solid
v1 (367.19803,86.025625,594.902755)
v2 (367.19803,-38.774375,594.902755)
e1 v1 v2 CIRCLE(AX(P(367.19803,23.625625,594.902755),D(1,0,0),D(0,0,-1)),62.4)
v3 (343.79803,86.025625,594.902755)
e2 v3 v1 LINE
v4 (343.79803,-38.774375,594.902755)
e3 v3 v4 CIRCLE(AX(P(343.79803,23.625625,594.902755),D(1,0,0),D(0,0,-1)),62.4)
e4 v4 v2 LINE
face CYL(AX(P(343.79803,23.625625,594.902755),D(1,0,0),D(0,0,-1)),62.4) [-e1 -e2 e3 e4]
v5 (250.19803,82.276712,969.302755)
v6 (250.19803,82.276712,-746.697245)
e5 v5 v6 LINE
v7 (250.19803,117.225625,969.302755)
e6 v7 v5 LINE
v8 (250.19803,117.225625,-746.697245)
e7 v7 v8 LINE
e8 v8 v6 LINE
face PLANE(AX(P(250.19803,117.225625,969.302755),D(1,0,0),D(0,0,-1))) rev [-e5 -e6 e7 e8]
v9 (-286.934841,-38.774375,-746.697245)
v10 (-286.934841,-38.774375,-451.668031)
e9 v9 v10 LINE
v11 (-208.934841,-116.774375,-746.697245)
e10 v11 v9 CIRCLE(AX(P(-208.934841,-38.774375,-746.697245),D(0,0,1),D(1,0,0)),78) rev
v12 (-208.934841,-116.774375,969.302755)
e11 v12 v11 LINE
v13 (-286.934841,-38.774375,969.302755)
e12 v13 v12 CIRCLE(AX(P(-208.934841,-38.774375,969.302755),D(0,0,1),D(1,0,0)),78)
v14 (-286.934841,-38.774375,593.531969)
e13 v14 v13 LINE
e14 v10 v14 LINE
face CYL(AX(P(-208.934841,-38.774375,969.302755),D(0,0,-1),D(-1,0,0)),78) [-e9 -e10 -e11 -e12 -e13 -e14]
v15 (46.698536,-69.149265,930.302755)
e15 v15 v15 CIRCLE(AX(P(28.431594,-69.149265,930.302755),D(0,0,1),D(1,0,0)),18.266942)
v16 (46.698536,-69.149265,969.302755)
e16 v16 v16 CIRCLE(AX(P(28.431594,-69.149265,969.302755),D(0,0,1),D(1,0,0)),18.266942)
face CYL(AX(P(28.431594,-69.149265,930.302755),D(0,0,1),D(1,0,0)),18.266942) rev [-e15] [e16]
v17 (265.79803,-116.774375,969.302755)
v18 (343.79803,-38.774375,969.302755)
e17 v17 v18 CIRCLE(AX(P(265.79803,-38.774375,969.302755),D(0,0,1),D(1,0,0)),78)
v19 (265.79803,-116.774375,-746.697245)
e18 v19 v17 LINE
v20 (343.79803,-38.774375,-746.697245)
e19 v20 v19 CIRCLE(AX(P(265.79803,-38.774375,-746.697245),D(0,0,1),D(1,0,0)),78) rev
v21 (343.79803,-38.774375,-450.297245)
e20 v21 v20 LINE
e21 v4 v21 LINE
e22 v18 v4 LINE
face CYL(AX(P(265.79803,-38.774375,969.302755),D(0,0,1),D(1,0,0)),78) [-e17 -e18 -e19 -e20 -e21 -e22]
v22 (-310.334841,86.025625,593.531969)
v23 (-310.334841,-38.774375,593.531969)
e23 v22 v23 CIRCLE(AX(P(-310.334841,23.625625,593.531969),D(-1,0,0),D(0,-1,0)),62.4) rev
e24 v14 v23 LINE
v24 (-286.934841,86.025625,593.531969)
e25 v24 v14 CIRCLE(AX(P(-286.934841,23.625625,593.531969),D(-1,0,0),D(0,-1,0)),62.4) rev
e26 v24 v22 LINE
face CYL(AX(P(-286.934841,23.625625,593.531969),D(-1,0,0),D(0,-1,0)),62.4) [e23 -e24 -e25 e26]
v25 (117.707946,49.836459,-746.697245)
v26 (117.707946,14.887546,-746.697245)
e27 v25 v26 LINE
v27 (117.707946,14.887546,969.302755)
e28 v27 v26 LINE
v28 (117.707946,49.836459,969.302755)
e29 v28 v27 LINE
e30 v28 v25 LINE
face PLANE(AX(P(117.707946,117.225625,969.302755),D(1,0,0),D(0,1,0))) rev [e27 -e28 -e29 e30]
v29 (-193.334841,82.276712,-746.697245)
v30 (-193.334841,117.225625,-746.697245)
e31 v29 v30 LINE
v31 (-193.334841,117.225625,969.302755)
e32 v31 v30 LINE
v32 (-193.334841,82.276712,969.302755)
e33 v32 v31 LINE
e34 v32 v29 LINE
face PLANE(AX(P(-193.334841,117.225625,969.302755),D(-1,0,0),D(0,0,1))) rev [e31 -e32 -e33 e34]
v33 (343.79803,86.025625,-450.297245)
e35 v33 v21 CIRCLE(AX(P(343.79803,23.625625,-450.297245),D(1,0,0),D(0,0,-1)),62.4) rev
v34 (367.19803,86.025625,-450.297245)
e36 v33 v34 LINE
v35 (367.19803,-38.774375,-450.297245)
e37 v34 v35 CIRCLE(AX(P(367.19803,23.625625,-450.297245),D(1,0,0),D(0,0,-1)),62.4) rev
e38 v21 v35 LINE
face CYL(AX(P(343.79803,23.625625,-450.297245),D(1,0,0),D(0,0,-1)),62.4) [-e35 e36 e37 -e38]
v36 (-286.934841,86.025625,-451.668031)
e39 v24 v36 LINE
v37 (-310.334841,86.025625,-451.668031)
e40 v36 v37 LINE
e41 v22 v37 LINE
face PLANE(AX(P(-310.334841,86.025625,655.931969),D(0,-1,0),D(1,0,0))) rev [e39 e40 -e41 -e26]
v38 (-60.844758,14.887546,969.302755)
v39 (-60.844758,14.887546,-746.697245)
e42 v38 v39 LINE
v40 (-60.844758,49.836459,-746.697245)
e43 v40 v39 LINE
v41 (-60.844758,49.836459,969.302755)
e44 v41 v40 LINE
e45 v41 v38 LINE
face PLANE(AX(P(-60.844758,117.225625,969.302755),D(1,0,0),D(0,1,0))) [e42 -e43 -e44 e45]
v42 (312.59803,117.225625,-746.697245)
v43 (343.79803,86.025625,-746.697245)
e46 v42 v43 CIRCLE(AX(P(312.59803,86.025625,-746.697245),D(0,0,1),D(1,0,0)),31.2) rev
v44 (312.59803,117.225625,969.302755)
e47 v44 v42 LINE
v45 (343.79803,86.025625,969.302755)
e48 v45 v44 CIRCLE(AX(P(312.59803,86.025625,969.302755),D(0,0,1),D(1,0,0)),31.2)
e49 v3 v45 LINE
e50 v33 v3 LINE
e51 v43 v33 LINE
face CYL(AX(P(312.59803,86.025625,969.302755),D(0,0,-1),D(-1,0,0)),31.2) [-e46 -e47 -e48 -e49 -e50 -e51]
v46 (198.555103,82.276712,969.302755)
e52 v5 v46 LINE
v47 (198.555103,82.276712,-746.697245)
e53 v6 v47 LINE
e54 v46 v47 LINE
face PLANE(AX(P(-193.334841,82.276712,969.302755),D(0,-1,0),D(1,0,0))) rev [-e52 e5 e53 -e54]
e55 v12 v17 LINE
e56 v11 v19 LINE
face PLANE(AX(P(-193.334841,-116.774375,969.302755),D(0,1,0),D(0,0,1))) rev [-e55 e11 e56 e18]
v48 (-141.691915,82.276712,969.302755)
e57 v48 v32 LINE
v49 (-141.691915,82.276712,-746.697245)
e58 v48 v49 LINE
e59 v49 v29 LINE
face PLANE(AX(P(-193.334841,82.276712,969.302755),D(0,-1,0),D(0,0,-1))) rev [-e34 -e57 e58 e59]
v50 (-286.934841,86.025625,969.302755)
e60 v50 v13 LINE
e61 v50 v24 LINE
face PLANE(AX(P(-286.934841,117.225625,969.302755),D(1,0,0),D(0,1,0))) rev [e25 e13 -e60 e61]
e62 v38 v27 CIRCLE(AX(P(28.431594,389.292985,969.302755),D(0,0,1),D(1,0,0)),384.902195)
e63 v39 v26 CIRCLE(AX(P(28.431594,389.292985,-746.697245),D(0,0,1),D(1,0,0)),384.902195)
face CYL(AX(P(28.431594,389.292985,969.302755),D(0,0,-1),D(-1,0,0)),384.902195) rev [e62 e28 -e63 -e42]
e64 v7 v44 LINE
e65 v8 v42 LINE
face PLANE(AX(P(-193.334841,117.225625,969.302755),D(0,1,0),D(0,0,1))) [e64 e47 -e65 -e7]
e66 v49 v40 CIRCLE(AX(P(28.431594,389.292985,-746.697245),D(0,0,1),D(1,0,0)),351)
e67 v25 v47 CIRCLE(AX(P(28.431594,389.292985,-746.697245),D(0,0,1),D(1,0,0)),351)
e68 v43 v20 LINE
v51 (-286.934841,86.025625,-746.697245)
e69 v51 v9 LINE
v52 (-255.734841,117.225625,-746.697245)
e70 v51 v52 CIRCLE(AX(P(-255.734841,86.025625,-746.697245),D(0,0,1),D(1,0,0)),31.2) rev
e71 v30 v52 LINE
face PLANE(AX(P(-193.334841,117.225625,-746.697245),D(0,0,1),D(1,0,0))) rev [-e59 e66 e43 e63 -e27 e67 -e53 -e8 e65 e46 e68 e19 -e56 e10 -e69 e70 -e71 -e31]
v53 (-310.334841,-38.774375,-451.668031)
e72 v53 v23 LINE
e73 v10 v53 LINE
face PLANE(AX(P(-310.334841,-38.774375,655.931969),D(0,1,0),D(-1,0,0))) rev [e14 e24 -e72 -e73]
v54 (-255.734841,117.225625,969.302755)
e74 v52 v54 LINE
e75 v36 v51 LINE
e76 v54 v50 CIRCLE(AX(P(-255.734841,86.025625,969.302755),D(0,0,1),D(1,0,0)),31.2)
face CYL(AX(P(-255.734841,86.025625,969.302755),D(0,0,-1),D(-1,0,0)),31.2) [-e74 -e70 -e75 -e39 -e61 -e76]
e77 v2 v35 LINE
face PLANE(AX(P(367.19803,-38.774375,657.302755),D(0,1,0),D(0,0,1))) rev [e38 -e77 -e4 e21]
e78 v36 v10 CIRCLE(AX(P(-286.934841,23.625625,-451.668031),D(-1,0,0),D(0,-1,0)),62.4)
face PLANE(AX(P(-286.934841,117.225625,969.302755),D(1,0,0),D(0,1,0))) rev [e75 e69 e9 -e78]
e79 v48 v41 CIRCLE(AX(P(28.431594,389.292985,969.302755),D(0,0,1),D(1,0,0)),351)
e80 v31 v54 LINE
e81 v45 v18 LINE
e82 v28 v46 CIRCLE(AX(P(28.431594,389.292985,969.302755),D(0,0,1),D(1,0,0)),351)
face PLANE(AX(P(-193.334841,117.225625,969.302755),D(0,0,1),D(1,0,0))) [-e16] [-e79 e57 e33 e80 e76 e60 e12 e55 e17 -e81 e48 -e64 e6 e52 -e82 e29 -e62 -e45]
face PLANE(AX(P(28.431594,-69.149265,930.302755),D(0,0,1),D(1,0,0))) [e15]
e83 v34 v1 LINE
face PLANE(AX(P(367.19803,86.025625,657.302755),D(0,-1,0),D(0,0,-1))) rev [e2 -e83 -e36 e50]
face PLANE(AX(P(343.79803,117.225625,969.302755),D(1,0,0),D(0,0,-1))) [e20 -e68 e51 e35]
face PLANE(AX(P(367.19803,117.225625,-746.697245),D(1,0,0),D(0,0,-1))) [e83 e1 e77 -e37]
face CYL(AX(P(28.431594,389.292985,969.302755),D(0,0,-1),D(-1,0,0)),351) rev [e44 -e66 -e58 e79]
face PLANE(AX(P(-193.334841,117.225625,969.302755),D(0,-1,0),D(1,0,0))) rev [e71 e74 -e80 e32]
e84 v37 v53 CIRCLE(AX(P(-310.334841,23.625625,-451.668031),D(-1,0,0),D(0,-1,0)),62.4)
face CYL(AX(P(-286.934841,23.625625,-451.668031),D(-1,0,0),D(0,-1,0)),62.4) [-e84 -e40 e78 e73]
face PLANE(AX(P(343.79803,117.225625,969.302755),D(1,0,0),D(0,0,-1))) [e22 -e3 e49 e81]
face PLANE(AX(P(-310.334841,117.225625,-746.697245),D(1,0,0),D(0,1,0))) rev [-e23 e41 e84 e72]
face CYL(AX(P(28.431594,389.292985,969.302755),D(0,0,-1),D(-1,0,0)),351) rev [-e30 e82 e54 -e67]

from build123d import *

# Parameters (mm, degrees)
BOSS_EXTRUDE1_DEPTH = 220
FILLET1_R           = 4
FILLET2_R           = 10
SKETCH6_W           = 150
SKETCH6_H           = 16
BOSS_EXTRUDE2_DEPTH = 3
SKETCH7_W           = 150
SKETCH7_H           = 16
BOSS_EXTRUDE3_DEPTH = 3
CUT_EXTRUDE1_DEPTH  = 3
CUT_EXTRUDE2_DEPTH  = 3
SKETCH10_R          = 2.341915658
CUT_EXTRUDE3_DEPTH  = 5
SCALE1_SCALE        = 15.6
SCALE2_SCALE        = 0.5


with BuildPart() as part:
    # Sketch1 → Boss-Extrude1 (new body)
    with BuildSketch(Plane.XY):
        with BuildLine():
            ThreePointArc((39.877280439, -8.639636697), (45.189316192, -6.882935474), (50.242300545, -4.480629882))
            Line((50.242300545, -4.480629882), (56.863188539, -4.480629882))
            Line((56.863188539, -4.480629882), (56.863188539, 0))
            Line((56.863188539, 0), (68.863188539, 0))
            Line((68.863188539, 0), (68.863188539, -30))
            Line((68.863188539, -30), (-12, -30))
            Line((-12, -30), (-12, 0))
            Line((-12, 0), (0, 0))
            Line((0, 0), (0, -4.480629882))
            Line((0, -4.480629882), (6.620887994, -4.480629882))
            ThreePointArc((6.620887994, -4.480629882), (11.673872347, -6.882935474), (16.9859081, -8.639636697))
            Line((16.9859081, -8.639636697), (16.9859081, -13.120266579))
            ThreePointArc((16.9859081, -13.120266579), (28.43159427, -14.466004542), (39.877280439, -13.120266579))
            Line((39.877280439, -13.120266579), (39.877280439, -8.639636697))
        make_face()
    extrude(amount=BOSS_EXTRUDE1_DEPTH)

    # Fillet1
    fillet1_edges = [part.edges().sort_by_distance(p)[0] for p in [
        (68.863188539, 0, 110),
        (-12, 0, 110),
    ]]
    fillet(fillet1_edges, radius=FILLET1_R)

    # Fillet2
    fillet2_edges = [part.edges().sort_by_distance(p)[0] for p in [
        (68.863188539, -30, 110),
        (-12, -30, 110),
    ]]
    fillet(fillet2_edges, radius=FILLET2_R)

    # Sketch6 → Boss-Extrude2 (add)
    with BuildSketch(Plane(origin=(68.863188539, 0, 0), x_dir=(0, 0, -1), z_dir=(1, 0, 0))):
        with Locations((-105, -12)):
            Rectangle(SKETCH6_W, SKETCH6_H)
    extrude(amount=BOSS_EXTRUDE2_DEPTH)

    # Sketch7 → Boss-Extrude3 (add)
    with BuildSketch(Plane.ZY.offset(12)):
        with Locations((104.824258167, -12)):
            Rectangle(SKETCH7_W, SKETCH7_H)
    extrude(amount=BOSS_EXTRUDE3_DEPTH)

    # Sketch8 → Cut-Extrude1 (cut)
    with BuildSketch(Plane.ZY.offset(15)):
        with BuildLine():
            ThreePointArc((37.824258167, -20), (32.167403918, -17.656854249), (29.824258167, -12))
            Line((29.824258167, -12), (29.824258167, -20))
            Line((29.824258167, -20), (37.824258167, -20))
        make_face()
        with BuildLine():
            ThreePointArc((29.824258167, -12), (32.167403918, -6.343145751), (37.824258167, -4))
            Line((37.824258167, -4), (29.824258167, -4))
            Line((29.824258167, -4), (29.824258167, -12))
        make_face()
        with BuildLine():
            Line((179.824258167, -20), (179.824258167, -12))
            ThreePointArc((179.824258167, -12), (177.481112417, -17.656854249), (171.824258167, -20))
            Line((171.824258167, -20), (179.824258167, -20))
        make_face()
        with BuildLine():
            Line((179.824258167, -4), (171.824258167, -4))
            ThreePointArc((171.824258167, -4), (177.481112417, -6.343145751), (179.824258167, -12))
            Line((179.824258167, -12), (179.824258167, -4))
        make_face()
    extrude(amount=-CUT_EXTRUDE1_DEPTH, mode=Mode.SUBTRACT)

    # Sketch9 → Cut-Extrude2 (cut)
    with BuildSketch(Plane(origin=(71.863188539, 0, 0), x_dir=(0, 0, -1), z_dir=(1, 0, 0))):
        with BuildLine():
            ThreePointArc((-180, -12), (-177.656854249, -6.343145751), (-172, -4))
            Line((-172, -4), (-180, -4))
            Line((-180, -4), (-180, -12))
        make_face()
        with BuildLine():
            ThreePointArc((-172, -20), (-177.656854249, -17.656854249), (-180, -12))
            Line((-180, -12), (-180, -20))
            Line((-180, -20), (-172, -20))
        make_face()
        with BuildLine():
            Line((-30, -4), (-38, -4))
            ThreePointArc((-38, -4), (-32.343145751, -6.343145751), (-30, -12))
            Line((-30, -12), (-30, -4))
        make_face()
        with BuildLine():
            Line((-30, -20), (-30, -12))
            ThreePointArc((-30, -12), (-32.343145751, -17.656854249), (-38, -20))
            Line((-38, -20), (-30, -20))
        make_face()
    extrude(amount=-CUT_EXTRUDE2_DEPTH, mode=Mode.SUBTRACT)

    # Sketch10 → Cut-Extrude3 (cut)
    with BuildSketch(Plane.XY.offset(220)):
        with Locations((28.43159427, -23.894216735)):
            Circle(SKETCH10_R)
    extrude(amount=-CUT_EXTRUDE3_DEPTH, mode=Mode.SUBTRACT)


with BuildPart() as part_1:
    # Scale1: scaled about (28.43159427, -17.23906253, 109.80841841)
    add(part.part.scale(SCALE1_SCALE).moved(Location((-415.101276342, 251.690312938, -1603.202908786))))


with BuildPart() as part_2:
    # Scale2: scaled about (28.431594264, -17.23906253, 109.808418405)
    add(part_1.part.scale(SCALE2_SCALE).moved(Location((14.215797132, -8.619531265, 54.904209202))))


solid = part_2.part
